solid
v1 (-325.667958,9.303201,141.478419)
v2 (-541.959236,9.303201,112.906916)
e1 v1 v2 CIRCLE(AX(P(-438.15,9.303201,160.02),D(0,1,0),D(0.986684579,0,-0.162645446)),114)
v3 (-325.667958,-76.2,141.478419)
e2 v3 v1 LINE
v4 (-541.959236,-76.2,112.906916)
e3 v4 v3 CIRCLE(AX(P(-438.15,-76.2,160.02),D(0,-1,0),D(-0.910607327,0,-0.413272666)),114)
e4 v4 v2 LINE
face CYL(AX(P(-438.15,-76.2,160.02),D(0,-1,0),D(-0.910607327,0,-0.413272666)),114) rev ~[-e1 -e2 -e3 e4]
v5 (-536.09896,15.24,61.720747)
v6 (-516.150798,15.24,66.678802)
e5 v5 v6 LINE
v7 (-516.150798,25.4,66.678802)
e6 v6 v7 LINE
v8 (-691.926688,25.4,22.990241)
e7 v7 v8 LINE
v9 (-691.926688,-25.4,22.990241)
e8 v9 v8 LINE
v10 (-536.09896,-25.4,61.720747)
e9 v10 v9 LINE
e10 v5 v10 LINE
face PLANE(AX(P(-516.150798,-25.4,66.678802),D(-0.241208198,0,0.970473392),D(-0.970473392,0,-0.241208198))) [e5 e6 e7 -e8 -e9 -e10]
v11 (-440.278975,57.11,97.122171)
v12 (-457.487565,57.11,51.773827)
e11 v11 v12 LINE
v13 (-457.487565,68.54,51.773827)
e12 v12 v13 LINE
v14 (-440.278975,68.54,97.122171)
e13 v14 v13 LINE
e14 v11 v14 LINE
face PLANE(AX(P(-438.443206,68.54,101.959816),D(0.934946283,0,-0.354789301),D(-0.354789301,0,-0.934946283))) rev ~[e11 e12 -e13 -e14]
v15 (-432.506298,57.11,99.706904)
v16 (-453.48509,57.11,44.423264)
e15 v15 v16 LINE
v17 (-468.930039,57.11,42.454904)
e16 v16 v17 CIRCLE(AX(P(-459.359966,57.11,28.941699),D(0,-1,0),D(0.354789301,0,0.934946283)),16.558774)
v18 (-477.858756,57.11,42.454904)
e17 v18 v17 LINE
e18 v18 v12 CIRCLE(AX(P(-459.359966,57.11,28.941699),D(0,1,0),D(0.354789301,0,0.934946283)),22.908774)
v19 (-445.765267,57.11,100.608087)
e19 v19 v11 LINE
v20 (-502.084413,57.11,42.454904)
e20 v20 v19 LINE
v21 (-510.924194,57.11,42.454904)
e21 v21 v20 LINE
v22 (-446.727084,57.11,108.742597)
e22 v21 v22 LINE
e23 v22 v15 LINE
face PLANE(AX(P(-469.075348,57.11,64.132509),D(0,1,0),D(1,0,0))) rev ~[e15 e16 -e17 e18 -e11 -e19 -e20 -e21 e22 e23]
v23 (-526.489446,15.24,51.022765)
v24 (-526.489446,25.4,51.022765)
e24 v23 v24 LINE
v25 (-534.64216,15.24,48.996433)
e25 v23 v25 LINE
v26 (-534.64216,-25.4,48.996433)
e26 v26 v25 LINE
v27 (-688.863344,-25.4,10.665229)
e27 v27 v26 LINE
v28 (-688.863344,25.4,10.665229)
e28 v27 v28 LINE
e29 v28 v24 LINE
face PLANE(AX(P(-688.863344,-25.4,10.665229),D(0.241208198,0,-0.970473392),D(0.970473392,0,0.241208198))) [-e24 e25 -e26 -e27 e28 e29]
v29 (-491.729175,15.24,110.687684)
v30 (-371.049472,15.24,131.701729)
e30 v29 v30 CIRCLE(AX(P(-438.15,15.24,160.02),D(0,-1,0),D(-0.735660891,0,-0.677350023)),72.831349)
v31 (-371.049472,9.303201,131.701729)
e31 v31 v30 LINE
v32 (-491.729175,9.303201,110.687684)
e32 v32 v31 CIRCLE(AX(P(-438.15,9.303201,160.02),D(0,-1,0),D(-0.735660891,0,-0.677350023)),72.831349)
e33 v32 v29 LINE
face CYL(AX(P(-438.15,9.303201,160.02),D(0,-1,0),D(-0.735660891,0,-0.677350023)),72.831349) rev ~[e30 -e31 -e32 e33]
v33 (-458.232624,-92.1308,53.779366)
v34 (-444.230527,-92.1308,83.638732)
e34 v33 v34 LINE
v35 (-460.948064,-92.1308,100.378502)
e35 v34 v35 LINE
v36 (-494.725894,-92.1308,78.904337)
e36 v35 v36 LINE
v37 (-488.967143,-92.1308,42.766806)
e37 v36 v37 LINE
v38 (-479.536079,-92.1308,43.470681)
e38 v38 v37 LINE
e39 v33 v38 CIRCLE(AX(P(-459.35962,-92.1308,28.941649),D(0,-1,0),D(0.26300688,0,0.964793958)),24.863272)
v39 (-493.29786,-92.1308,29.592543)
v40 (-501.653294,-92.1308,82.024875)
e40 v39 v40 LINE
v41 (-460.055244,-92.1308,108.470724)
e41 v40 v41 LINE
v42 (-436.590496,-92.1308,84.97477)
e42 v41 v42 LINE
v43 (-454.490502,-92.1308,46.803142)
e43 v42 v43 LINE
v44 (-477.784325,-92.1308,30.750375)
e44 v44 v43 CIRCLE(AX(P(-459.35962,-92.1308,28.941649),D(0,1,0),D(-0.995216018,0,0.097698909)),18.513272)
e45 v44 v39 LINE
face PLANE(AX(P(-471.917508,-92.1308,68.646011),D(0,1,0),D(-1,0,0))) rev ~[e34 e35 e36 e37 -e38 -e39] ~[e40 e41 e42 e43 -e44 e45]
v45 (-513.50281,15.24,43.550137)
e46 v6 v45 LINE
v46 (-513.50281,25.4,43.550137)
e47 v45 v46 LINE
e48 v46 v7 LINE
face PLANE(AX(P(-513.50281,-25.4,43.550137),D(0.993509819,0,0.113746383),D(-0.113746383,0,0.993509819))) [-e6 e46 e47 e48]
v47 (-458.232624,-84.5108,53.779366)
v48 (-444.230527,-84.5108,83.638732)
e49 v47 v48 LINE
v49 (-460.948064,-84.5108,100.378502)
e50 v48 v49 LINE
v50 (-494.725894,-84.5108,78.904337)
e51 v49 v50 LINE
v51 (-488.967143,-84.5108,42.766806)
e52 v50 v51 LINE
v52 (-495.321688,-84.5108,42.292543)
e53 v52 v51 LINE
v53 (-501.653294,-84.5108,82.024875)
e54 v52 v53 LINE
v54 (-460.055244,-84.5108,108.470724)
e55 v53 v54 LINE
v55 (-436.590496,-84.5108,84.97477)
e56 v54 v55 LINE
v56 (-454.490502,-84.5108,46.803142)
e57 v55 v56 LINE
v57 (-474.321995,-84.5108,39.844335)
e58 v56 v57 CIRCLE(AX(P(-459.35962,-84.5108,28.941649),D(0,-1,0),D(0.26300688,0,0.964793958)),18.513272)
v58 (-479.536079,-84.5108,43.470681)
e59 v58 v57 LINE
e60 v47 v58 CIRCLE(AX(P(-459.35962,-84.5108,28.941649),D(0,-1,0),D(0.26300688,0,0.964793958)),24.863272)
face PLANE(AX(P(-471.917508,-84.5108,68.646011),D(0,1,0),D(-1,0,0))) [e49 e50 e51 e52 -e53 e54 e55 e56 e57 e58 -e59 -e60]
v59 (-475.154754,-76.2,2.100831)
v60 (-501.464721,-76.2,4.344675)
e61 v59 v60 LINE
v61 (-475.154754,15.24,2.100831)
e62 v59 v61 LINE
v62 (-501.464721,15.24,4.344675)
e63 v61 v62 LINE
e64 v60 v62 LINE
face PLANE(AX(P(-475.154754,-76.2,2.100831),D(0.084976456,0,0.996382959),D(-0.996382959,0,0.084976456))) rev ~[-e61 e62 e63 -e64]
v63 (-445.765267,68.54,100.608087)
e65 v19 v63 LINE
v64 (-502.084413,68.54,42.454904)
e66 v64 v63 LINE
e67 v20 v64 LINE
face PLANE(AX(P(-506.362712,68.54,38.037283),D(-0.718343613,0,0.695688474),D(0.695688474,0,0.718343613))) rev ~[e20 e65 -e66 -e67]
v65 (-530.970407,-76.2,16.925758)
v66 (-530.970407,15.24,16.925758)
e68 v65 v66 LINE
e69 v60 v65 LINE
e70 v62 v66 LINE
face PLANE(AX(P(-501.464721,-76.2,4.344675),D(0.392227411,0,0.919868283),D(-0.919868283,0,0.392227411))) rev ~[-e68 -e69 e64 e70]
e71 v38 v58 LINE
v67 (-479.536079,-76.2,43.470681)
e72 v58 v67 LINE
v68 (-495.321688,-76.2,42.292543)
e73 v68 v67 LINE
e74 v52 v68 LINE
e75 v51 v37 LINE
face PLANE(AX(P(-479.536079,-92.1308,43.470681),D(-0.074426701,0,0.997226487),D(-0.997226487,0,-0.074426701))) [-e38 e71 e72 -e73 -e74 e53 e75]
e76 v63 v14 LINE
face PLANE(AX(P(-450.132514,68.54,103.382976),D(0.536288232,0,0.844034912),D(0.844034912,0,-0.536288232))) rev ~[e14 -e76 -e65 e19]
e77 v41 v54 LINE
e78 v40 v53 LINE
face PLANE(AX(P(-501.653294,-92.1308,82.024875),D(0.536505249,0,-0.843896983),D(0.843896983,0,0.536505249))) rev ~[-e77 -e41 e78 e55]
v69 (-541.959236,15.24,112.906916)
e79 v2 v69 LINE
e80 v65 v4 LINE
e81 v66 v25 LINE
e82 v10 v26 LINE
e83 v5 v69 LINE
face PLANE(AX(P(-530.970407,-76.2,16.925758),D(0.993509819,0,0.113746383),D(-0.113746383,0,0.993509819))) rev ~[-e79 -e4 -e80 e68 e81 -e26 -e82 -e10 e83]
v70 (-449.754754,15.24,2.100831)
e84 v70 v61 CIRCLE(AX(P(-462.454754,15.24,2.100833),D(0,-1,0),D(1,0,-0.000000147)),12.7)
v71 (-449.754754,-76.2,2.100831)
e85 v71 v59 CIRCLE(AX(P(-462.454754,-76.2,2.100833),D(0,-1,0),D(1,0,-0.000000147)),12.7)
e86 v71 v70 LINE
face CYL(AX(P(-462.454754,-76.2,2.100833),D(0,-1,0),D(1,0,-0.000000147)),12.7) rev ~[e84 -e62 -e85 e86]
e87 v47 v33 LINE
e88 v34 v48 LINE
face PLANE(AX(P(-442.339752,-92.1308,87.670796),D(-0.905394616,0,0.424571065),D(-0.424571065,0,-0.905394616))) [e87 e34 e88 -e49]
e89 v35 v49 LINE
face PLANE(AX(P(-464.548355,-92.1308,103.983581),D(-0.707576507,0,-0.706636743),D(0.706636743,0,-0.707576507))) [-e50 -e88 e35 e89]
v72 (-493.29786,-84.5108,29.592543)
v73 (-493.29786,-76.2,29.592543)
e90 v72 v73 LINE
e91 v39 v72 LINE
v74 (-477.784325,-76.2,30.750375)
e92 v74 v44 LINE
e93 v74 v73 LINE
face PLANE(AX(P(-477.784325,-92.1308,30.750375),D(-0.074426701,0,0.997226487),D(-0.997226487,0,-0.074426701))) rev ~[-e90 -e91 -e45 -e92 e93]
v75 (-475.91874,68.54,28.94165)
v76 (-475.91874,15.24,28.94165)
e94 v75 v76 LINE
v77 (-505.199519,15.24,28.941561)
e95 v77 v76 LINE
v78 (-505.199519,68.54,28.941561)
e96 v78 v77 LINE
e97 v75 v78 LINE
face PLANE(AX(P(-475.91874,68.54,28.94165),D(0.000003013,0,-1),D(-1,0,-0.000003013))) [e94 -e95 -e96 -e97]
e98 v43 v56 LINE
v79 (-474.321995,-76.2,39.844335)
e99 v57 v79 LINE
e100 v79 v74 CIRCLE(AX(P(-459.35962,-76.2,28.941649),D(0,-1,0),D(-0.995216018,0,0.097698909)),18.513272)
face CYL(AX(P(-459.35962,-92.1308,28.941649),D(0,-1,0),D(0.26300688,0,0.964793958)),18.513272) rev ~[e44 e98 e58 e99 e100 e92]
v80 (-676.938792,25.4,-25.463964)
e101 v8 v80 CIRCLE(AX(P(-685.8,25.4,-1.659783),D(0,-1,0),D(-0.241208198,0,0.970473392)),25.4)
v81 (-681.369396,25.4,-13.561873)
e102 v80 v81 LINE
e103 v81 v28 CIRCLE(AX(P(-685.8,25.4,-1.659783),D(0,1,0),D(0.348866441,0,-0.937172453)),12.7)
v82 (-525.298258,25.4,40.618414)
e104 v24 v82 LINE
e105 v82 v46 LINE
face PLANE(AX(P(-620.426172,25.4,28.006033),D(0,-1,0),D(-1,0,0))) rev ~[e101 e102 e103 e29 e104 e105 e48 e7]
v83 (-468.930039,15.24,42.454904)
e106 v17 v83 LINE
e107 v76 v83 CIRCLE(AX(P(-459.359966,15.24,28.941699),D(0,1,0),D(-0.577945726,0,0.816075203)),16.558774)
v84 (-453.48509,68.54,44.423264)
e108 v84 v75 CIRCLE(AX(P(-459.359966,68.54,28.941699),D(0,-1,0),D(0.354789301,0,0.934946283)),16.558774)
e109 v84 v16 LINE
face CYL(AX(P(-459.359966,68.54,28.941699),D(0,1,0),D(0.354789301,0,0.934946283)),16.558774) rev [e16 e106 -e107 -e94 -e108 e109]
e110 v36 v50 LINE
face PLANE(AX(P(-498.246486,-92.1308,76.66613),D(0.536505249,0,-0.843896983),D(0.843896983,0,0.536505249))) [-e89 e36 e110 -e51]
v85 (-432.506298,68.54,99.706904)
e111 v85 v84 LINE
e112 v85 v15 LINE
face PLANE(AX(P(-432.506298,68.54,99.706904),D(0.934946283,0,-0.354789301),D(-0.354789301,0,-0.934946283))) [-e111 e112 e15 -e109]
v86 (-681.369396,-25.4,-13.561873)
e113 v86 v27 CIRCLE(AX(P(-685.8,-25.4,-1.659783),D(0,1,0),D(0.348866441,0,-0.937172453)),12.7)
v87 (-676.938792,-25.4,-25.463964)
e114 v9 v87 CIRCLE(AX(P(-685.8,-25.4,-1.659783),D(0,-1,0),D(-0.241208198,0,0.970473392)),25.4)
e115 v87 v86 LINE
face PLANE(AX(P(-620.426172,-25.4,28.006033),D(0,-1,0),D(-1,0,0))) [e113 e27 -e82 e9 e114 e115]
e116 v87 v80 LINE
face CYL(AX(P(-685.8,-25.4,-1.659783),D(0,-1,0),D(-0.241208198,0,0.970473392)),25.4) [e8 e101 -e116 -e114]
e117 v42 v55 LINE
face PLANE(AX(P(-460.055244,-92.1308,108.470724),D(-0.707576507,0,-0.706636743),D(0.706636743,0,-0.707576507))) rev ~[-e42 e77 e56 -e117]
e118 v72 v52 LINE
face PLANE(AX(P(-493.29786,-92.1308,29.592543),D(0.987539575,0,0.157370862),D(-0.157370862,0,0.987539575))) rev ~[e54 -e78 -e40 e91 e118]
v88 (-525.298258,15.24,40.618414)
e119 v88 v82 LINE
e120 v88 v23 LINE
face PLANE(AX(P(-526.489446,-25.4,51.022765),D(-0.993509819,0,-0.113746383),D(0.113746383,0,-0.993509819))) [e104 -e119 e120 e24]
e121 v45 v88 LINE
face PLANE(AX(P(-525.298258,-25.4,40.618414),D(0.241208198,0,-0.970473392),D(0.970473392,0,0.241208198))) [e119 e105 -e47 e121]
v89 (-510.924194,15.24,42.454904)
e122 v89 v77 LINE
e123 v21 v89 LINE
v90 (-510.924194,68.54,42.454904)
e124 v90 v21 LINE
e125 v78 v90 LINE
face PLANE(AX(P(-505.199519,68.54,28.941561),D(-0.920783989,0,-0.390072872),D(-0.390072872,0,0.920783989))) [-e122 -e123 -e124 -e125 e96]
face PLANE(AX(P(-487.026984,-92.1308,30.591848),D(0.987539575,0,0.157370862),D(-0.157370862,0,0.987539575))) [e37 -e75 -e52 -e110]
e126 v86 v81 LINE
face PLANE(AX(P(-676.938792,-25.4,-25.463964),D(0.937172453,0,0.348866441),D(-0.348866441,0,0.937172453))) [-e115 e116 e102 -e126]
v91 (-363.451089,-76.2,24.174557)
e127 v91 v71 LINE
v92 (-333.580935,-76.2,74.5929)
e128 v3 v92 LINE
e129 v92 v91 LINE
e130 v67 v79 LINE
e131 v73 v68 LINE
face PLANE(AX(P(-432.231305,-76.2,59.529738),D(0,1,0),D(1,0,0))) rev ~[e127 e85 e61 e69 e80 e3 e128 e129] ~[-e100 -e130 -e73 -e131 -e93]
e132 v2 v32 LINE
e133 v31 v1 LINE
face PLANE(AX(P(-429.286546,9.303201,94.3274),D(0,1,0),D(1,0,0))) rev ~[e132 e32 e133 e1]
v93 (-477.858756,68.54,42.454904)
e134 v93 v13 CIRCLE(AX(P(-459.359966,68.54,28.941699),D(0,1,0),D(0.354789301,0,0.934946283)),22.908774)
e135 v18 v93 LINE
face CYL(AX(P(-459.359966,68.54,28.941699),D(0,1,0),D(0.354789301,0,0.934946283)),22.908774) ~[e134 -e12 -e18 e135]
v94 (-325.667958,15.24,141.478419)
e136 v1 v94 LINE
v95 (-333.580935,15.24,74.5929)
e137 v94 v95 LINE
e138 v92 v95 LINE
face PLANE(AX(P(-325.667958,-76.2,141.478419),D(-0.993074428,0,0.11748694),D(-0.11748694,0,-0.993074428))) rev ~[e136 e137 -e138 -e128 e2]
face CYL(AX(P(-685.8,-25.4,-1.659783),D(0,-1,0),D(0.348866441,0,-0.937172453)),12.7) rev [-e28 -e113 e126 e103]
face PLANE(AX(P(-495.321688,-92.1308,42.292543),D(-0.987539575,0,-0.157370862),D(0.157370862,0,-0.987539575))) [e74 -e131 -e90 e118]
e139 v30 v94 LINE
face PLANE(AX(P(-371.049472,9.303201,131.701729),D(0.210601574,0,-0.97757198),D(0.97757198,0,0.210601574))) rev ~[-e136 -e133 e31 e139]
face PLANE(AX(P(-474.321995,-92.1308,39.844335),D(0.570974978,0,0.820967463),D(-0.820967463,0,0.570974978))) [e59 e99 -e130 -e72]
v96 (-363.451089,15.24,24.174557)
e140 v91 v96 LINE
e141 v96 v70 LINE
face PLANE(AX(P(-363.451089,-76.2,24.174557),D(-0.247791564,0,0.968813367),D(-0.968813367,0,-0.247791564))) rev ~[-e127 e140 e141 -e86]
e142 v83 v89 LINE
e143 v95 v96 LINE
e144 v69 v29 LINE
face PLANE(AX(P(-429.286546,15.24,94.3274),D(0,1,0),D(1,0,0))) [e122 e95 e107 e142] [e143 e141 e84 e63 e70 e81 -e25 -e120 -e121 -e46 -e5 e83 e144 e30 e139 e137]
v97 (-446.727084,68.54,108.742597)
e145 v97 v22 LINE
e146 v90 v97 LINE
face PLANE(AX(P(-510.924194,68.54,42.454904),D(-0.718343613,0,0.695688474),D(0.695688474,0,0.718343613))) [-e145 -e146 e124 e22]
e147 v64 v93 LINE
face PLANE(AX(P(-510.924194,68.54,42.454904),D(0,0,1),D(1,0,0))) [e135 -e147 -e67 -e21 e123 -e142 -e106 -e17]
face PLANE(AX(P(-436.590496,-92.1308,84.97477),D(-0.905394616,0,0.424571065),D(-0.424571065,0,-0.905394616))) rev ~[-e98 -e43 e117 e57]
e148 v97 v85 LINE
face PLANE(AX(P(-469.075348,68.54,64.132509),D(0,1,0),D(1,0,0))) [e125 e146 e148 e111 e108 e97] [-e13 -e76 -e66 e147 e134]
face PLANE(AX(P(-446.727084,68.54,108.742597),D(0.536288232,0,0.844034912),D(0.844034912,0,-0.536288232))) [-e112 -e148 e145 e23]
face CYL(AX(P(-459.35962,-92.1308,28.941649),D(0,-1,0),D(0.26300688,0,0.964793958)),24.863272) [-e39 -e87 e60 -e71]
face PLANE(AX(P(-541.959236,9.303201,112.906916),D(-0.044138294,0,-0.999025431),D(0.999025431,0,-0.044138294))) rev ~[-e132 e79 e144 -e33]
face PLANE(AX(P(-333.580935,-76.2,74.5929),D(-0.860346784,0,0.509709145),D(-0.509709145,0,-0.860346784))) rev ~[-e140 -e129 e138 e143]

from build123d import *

# Parameters (mm, degrees)
BOSS_EXTRUDE1_DEPTH       = 15.24
BOSS_EXTRUDE1_DEPTH_BACK  = 76.2
BOSS_EXTRUDE2_DEPTH       = 11.43
SHELL3_T                  = -6.35
BOSS_EXTRUDE9_REACH       = 580.52
BOSS_EXTRUDE4_DEPTH       = 7.62
SHELL4_T                  = -6.35
BOSS_EXTRUDE10_START      = -5.936799282
BOSS_EXTRUDE10_DEPTH      = 5.936799282
BOSS_EXTRUDE11_DEPTH      = 25.4
BOSS_EXTRUDE11_DEPTH_BACK = 25.4
BOSS_EXTRUDE12_REACH      = 744.722


with BuildPart() as part:
    # Sketch3 → Boss-Extrude1 (new, two sides: drawn at the far end of the back side and taken through both)
    with BuildSketch(Plane(origin=(0, 0, 0), x_dir=(1, 0, 0), z_dir=(0, 1, 0)).offset(-BOSS_EXTRUDE1_DEPTH_BACK)):
        with BuildLine():
            Line((-475.154754325, -2.10083146), (-501.46472086, -4.34467525))
            Line((-501.46472086, -4.34467525), (-530.970406525, -16.925757689))
            Line((-530.970406525, -16.925757689), (-541.959235577, -112.906916108))
            ThreePointArc((-541.959235577, -112.906916108), (-423.220596764, -47.00180275), (-325.667958287, -141.478419116))
            Line((-325.667958287, -141.478419116), (-333.580935141, -74.592900266))
            Line((-333.580935141, -74.592900266), (-363.451088866, -24.174556876))
            Line((-363.451088866, -24.174556876), (-449.754754325, -2.10083146))
            ThreePointArc((-449.754754325, -2.10083146), (-462.454754325, -14.800833325), (-475.154754325, -2.10083146))
        make_face()
    extrude(amount=BOSS_EXTRUDE1_DEPTH + BOSS_EXTRUDE1_DEPTH_BACK)

    # Boss-Extrude9: up to this face of the body (flat: up to its plane)
    boss_extrude9_end = Plane(part.part.faces().sort_by_distance((-443.624527124, 15.24, 42.595574003))[0])
    # Sketch11 → Boss-Extrude9 (add, up to the picked face)
    with BuildSketch(Plane(origin=(0, 68.54, 0), x_dir=(1, 0, 0), z_dir=(0, 1, 0)), mode=Mode.PRIVATE) as boss_extrude9_sk1:
        with BuildLine():
            Line((-505.199519379, -28.941561379), (-510.924193781, -42.454904444))
            Line((-510.924193781, -42.454904444), (-468.930038741, -42.454904444))
            ThreePointArc((-468.930038741, -42.454904444), (-474.068166901, -36.548395666), (-475.918740123, -28.941649602))
            Line((-475.918740123, -28.941649602), (-505.199519379, -28.941561379))
        make_face()
    boss_extrude9_tool1 = split(extrude(boss_extrude9_sk1.sketch, amount=-BOSS_EXTRUDE9_REACH, mode=Mode.PRIVATE), bisect_by=boss_extrude9_end, keep=Keep.BOTH, mode=Mode.PRIVATE)


with BuildPart() as body_2:
    # Sketch4 → Boss-Extrude2 (new body)
    with BuildSketch(Plane(origin=(0, 68.54, 0), x_dir=(1, 0, 0), z_dir=(0, 1, 0))):
        with BuildLine():
            Line((-505.199519379, -28.941561379), (-510.924193781, -42.454904444))
            Line((-510.924193781, -42.454904444), (-446.727083924, -108.742597242))
            Line((-446.727083924, -108.742597242), (-432.506297568, -99.706904201))
            Line((-432.506297568, -99.706904201), (-453.485090126, -44.423263798))
            ThreePointArc((-453.485090126, -44.423263798), (-468.76509838, -42.570216845), (-475.918740123, -28.941649602))
            Line((-475.918740123, -28.941649602), (-505.199519379, -28.941561379))
        make_face()
    extrude(amount=-BOSS_EXTRUDE2_DEPTH)

    # Shell3
    shell3_openings = [body_2.faces().sort_by_distance(p)[0] for p in [
        (-469.398872601, 57.11, 63.557756805),
        (-469.398872601, 68.54, 63.557756805),
    ]]
    offset(amount=SHELL3_T, openings=shell3_openings, kind=Kind.INTERSECTION)


with BuildPart() as part_1:
    add(part.part)

    add(body_2.part)  # Boss-Extrude9 merges body 2
    add(boss_extrude9_tool1.solids().sort_by(Axis((-490.927934, 68.54, 36.102447), (0, -1, 0)))[0])

    # Sketch8 → Boss-Extrude10 (add)
    with BuildSketch(Plane(origin=(0, 15.24, 0), x_dir=(1, 0, 0), z_dir=(0, 1, 0)).offset(BOSS_EXTRUDE10_START)):
        with BuildLine():
            Line((-371.049471839, -131.701729119), (-325.667958287, -141.478419116))
            ThreePointArc((-325.667958287, -141.478419116), (-423.220596764, -47.00180275), (-541.959235577, -112.906916108))
            Line((-541.959235577, -112.906916108), (-491.729175354, -110.68768413))
            ThreePointArc((-491.729175354, -110.68768413), (-425.655830818, -88.268337191), (-371.049471839, -131.701729119))
        make_face()
    extrude(amount=BOSS_EXTRUDE10_DEPTH)

    # Sketch9 → Boss-Extrude11 (add, two sides: drawn at the far end of the back side and taken through both)
    with BuildSketch(Plane(origin=(0, 0, 0), x_dir=(1, 0, 0), z_dir=(0, 1, 0)).offset(-BOSS_EXTRUDE11_DEPTH_BACK)):
        with BuildLine():
            Line((-676.938792406, 25.463963625), (-681.369396203, 13.561873472))
            ThreePointArc((-681.369396203, 13.561873472), (-697.932826151, 5.412719448), (-688.863344118, -10.665228762))
            Line((-688.863344118, -10.665228762), (-526.489446237, -51.02276527))
            Line((-526.489446237, -51.02276527), (-525.298257919, -40.618414259))
            Line((-525.298257919, -40.618414259), (-513.502810151, -43.550136784))
            Line((-513.502810151, -43.550136784), (-516.15079803, -66.678801621))
            Line((-516.15079803, -66.678801621), (-691.926688237, -22.990240843))
            ThreePointArc((-691.926688237, -22.990240843), (-710.065652303, 9.165655576), (-676.938792406, 25.463963625))
        make_face()
    extrude(amount=BOSS_EXTRUDE11_DEPTH + BOSS_EXTRUDE11_DEPTH_BACK)

    # Boss-Extrude12: up to this face of the body (flat: up to its plane)
    boss_extrude12_end = Plane(part_1.part.faces().sort_by_distance((-443.624527124, -76.2, 42.595574003))[0])
    # Sketch12 → Boss-Extrude12 (add, up to the picked face)
    with BuildSketch(Plane.XZ.offset(92.130800062), mode=Mode.PRIVATE) as boss_extrude12_sk1:
        with BuildLine():
            Line((-493.29786016, 29.59254273), (-477.784324755, 30.750375257))
            ThreePointArc((-477.784324755, 30.750375257), (-476.661333768, 35.528904506), (-474.321994889, 39.844335441))
            Line((-474.321994889, 39.844335441), (-479.53607938, 43.470681078))
            Line((-479.53607938, 43.470681078), (-495.321687866, 42.29254273))
            Line((-495.321687866, 42.29254273), (-493.29786016, 29.59254273))
        make_face()
    boss_extrude12_tool1 = split(extrude(boss_extrude12_sk1.sketch, amount=-BOSS_EXTRUDE12_REACH, mode=Mode.PRIVATE), bisect_by=boss_extrude12_end, keep=Keep.BOTH, mode=Mode.PRIVATE)


with BuildPart() as body_2_2:
    # Sketch6 → Boss-Extrude4 (new body)
    with BuildSketch(Plane.XZ.offset(92.130800062)):
        with BuildLine():
            Line((-493.29786016, 29.59254273), (-501.65329384, 82.024875489))
            Line((-501.65329384, 82.024875489), (-460.055244029, 108.470724329))
            Line((-460.055244029, 108.470724329), (-436.590495923, 84.974770196))
            Line((-436.590495923, 84.974770196), (-454.490501674, 46.803141976))
            ThreePointArc((-454.490501674, 46.803141976), (-469.864919046, 44.185661822), (-477.784324755, 30.750375257))
            Line((-477.784324755, 30.750375257), (-493.29786016, 29.59254273))
        make_face()
    extrude(amount=-BOSS_EXTRUDE4_DEPTH)

    # Shell4
    shell4_openings = [body_2_2.faces().sort_by_distance(p)[0] for p in [
        (-471.64936301, -84.510800062, 70.060968027),
        (-471.64936301, -92.130800062, 70.060968027),
    ]]
    offset(amount=SHELL4_T, openings=shell4_openings, kind=Kind.INTERSECTION)


with BuildPart() as part_2:
    add(part_1.part)

    add(body_2_2.part)  # Boss-Extrude12 merges body 2 2
    add(boss_extrude12_tool1.solids().sort_by(Axis((-485.45228, -92.1308, 36.761722), (0, 1, 0)))[0])


solid = part_2.part
